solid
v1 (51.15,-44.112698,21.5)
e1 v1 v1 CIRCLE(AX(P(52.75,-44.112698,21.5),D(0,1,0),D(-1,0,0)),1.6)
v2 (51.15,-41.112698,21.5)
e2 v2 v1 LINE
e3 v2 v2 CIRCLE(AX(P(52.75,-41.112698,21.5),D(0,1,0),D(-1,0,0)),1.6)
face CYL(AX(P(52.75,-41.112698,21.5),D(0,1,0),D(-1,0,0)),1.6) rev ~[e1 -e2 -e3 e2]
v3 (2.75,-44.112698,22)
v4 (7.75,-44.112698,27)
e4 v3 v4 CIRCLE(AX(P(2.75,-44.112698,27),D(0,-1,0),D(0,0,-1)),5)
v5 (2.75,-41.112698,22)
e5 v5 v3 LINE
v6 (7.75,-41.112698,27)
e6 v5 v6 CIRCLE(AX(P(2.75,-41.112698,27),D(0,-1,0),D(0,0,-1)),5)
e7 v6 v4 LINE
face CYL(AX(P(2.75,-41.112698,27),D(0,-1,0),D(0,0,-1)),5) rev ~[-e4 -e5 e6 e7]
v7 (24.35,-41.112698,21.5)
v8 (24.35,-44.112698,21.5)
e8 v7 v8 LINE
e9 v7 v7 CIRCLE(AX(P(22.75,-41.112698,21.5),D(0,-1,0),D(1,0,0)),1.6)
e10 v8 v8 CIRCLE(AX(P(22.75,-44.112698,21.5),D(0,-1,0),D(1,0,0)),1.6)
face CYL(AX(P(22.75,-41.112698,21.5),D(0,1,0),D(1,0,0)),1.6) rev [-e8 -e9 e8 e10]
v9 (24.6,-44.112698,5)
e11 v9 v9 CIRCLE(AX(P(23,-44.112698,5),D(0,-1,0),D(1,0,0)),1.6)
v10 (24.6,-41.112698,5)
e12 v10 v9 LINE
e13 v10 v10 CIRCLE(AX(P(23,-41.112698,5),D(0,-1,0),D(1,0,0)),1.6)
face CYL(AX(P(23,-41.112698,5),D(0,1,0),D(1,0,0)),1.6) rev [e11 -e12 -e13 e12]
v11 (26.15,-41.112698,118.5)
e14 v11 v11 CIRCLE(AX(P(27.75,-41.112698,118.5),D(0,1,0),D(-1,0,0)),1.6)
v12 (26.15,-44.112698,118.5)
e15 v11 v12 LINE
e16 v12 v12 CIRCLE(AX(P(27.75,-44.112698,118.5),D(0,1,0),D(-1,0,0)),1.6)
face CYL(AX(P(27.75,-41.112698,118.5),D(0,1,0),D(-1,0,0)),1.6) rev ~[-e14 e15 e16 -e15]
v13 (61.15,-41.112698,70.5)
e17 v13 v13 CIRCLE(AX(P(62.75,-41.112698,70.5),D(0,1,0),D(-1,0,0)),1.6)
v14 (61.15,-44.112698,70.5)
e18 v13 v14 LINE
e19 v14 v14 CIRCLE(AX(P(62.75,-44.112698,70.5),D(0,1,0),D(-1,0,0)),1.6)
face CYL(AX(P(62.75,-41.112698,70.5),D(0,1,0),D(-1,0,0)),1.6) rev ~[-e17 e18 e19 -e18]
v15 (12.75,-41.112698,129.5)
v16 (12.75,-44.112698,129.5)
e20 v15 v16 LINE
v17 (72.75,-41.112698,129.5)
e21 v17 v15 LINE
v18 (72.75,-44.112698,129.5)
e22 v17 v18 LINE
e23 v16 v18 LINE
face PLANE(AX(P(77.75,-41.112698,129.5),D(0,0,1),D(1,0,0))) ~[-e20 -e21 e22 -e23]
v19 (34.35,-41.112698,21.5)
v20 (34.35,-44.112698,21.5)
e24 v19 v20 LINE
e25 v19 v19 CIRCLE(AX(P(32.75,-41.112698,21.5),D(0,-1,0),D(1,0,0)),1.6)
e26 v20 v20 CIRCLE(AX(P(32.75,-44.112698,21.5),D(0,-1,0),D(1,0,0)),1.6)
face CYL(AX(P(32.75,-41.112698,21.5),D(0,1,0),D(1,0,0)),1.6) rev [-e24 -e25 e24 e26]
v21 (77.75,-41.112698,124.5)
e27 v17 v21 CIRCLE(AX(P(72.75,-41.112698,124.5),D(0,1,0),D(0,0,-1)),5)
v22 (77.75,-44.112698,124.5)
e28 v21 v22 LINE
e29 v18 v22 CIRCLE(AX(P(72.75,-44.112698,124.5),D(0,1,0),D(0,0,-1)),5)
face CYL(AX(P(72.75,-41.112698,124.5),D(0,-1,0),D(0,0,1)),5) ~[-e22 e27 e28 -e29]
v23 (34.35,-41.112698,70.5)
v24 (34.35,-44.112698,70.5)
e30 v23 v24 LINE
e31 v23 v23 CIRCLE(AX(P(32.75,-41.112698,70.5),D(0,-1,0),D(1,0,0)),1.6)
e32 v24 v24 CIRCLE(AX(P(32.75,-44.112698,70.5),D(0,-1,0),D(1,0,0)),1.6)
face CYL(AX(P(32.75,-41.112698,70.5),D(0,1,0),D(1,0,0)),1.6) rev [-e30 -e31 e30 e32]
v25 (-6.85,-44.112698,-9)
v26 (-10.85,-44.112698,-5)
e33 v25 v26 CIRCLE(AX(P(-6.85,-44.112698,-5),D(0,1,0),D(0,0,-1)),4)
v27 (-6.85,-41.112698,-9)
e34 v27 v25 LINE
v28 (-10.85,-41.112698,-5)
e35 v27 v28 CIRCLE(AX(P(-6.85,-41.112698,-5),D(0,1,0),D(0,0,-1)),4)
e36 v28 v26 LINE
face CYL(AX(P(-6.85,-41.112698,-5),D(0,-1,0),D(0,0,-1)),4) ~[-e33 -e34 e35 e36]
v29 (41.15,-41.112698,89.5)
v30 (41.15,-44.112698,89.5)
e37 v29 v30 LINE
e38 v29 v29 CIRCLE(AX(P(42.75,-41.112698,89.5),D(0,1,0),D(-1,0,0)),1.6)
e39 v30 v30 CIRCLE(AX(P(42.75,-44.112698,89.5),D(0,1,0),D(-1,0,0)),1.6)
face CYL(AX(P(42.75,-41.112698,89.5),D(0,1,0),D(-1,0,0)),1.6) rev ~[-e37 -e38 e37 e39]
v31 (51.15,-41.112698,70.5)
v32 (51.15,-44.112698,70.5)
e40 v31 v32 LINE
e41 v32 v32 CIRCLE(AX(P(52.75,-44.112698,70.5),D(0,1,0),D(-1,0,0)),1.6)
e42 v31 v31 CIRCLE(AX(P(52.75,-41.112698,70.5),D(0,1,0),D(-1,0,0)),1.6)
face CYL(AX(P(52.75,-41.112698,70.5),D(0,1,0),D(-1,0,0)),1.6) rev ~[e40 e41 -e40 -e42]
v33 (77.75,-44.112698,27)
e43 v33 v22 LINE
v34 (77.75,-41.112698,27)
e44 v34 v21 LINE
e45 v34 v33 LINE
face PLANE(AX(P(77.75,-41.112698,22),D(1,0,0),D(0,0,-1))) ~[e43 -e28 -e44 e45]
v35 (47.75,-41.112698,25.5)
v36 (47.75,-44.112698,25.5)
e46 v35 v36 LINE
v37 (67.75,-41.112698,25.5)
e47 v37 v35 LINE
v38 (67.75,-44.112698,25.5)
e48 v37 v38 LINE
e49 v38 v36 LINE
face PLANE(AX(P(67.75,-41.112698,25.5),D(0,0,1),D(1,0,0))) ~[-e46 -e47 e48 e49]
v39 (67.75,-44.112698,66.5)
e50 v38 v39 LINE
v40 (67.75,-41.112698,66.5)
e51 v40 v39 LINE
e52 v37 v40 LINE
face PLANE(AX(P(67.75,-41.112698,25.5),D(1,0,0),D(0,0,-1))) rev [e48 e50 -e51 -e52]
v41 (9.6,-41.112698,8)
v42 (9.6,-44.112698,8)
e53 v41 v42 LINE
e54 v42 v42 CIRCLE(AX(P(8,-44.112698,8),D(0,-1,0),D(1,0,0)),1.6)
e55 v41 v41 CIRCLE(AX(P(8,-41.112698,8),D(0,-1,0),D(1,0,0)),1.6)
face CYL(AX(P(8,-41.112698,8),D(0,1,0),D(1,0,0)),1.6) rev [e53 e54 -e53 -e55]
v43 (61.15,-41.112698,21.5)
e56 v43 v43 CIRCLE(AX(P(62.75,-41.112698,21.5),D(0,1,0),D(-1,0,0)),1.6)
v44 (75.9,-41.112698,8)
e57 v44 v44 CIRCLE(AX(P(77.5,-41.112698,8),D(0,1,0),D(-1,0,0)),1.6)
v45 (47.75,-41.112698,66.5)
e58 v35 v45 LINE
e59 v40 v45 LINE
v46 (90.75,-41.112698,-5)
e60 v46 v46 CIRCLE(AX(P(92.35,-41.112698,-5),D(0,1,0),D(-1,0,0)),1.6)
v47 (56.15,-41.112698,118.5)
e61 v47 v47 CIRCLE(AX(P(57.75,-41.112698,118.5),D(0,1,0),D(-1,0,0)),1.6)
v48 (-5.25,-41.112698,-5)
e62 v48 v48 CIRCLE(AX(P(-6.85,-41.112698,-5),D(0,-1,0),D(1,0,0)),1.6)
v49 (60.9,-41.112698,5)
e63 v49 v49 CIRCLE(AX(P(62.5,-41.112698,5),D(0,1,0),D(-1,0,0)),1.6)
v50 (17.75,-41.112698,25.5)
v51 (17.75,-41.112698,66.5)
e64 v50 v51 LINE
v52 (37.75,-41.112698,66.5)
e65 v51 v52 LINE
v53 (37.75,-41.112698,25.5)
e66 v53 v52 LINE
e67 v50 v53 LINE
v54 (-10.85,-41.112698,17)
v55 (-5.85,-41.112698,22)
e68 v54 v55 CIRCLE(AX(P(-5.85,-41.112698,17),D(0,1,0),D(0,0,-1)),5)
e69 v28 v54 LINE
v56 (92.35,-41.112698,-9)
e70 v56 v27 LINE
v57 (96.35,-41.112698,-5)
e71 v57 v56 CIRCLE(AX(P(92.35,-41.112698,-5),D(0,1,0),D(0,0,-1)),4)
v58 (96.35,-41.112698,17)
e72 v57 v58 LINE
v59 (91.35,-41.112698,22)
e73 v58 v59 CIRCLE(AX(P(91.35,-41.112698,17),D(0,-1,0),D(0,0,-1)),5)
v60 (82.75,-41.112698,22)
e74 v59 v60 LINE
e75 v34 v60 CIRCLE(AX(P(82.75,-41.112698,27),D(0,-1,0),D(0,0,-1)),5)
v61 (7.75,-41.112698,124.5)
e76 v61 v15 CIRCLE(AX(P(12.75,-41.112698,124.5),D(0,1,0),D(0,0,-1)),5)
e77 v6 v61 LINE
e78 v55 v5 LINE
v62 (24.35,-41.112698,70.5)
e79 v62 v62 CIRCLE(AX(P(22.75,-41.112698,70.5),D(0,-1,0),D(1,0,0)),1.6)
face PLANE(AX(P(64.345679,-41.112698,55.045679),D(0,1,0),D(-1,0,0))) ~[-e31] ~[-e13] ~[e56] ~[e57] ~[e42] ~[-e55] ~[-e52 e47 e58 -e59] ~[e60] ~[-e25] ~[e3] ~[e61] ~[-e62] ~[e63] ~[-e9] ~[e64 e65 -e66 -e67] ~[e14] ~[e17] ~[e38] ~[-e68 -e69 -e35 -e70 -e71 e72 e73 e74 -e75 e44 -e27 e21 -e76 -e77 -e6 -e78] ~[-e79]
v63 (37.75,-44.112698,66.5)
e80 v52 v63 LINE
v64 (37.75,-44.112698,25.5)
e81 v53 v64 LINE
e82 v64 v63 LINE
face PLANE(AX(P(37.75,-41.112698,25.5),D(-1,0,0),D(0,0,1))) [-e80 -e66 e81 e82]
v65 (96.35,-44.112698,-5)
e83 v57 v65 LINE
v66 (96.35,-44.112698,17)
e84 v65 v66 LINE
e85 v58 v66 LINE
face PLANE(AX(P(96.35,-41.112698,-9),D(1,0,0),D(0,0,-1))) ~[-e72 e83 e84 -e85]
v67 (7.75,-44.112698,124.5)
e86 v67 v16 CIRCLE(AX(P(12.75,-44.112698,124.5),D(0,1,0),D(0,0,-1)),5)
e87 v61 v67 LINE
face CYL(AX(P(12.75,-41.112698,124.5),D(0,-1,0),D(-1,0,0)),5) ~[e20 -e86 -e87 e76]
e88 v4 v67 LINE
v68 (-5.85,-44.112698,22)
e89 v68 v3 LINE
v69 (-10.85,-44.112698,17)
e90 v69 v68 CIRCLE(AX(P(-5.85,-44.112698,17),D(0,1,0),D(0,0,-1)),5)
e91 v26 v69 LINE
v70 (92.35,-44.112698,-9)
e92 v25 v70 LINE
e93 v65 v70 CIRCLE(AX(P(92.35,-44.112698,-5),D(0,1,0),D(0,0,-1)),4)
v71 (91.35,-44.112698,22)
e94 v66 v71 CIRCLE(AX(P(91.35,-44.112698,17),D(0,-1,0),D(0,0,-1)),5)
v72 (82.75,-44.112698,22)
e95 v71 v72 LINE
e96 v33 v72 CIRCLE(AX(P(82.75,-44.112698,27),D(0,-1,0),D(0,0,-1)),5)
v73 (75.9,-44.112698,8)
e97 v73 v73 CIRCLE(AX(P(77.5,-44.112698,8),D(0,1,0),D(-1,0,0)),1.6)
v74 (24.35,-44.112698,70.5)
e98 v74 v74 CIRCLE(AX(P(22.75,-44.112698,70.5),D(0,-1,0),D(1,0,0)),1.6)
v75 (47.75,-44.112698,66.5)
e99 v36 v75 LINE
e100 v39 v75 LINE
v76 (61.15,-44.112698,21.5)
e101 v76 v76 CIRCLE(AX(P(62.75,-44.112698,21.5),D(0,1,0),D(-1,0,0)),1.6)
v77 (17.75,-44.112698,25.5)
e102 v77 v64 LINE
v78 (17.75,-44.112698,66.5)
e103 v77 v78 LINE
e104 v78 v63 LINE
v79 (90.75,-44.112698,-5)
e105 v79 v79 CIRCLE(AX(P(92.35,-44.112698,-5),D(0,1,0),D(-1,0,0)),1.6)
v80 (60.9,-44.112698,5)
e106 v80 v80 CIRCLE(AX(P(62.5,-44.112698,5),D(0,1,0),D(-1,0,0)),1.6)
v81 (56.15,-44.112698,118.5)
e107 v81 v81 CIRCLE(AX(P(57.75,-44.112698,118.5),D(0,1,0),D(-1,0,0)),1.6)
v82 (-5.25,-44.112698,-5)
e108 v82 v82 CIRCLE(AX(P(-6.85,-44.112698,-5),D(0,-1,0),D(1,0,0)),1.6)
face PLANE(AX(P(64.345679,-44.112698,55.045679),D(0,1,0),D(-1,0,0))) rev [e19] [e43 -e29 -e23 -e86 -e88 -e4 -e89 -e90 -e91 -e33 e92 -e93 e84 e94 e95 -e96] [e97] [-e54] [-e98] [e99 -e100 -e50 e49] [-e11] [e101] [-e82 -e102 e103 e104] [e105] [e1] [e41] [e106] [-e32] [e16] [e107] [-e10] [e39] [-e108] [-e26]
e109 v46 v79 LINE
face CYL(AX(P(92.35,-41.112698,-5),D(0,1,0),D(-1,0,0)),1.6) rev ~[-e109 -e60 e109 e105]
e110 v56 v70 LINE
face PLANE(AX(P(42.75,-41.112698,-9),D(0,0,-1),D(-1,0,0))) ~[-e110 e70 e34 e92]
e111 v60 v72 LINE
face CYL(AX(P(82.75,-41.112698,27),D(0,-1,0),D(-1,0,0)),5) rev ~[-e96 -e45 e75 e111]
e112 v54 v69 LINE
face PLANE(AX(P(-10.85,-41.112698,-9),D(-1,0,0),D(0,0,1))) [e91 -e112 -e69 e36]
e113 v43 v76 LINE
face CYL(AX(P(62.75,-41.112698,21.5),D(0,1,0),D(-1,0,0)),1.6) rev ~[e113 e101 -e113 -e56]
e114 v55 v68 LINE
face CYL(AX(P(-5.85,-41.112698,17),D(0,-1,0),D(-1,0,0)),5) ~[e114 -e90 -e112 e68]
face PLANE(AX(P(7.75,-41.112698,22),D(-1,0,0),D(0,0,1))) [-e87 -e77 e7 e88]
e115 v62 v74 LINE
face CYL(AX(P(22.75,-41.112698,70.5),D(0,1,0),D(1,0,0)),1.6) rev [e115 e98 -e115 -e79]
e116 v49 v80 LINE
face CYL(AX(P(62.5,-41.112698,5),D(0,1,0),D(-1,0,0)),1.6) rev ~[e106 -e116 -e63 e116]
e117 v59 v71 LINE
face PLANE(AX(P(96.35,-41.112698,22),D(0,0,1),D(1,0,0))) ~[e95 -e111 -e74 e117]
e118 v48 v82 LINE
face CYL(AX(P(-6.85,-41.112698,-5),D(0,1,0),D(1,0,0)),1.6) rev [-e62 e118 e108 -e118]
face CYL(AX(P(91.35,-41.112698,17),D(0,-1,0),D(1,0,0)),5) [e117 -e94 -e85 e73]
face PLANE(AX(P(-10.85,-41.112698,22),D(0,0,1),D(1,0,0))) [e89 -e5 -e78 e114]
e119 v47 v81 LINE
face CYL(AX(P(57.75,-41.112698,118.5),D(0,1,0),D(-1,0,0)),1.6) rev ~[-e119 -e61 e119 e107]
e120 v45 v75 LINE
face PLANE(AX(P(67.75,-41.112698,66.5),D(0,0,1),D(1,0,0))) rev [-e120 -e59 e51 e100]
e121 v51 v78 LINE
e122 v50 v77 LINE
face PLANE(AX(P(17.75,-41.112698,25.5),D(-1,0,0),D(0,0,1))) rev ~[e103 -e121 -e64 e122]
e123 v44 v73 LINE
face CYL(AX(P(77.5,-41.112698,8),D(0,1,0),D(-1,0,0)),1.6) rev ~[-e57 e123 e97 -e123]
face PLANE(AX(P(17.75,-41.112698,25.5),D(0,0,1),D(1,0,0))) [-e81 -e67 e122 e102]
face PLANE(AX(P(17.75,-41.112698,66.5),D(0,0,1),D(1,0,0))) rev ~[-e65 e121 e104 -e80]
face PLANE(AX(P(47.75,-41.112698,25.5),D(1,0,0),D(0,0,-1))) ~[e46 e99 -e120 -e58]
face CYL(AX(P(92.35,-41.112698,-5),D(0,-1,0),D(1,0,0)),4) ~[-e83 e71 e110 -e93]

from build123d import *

# Parameters (mm, degrees)
SKETCH013_R     = 1.6
SKETCH013_W     = 20
SKETCH013_H     = 41
PAD005_DEPTH    = 3
FILLET009_R     = 4
FILLET010_R     = 5
SKETCH019_R     = 1.6
POCKET011_DEPTH = 3.001


with BuildPart() as part:
    # Sketch013 (on DatumPlane) → Pad005 (new body)
    with BuildSketch(Plane.XZ.offset(41.112698)):
        Polygon((42.75, 129.5), (42.75, -9), (-10.85, -9), (-10.85, 22), (7.75, 22), (7.75, 129.5), align=None)
        with Locations((22.75, 21.5)):
            Circle(SKETCH013_R, mode=Mode.SUBTRACT)
        with Locations((32.75, 21.5)):
            Circle(SKETCH013_R, mode=Mode.SUBTRACT)
        with Locations((8, 8)):
            Circle(SKETCH013_R, mode=Mode.SUBTRACT)
        with Locations((-6.85, -5)):
            Circle(SKETCH013_R, mode=Mode.SUBTRACT)
        with Locations((23, 5)):
            Circle(SKETCH013_R, mode=Mode.SUBTRACT)
        with Locations((22.75, 70.5)):
            Circle(SKETCH013_R, mode=Mode.SUBTRACT)
        with Locations((32.75, 70.5)):
            Circle(SKETCH013_R, mode=Mode.SUBTRACT)
        with Locations((27.75, 46)):
            Rectangle(SKETCH013_W, SKETCH013_H, mode=Mode.SUBTRACT)
    pad005 = extrude(amount=PAD005_DEPTH)

    # Mirrored: Pad005 across face of Pad005
    add(pad005.mirror(Plane(origin=(42.75, -42.612698, 60.25), x_dir=(0, 1, 0), z_dir=(1, 0, 0))))

    # Fillet009
    fillet009_edges = [part.edges().sort_by_distance(p)[0] for p in [
        (96.35, -42.612698, -9),
        (-10.85, -42.612698, -9),
    ]]
    fillet(fillet009_edges, radius=FILLET009_R)

    # Fillet010
    fillet010_edges = [part.edges().sort_by_distance(p)[0] for p in [
        (77.75, -42.612698, 22),
        (96.35, -42.612698, 22),
        (-10.85, -42.612698, 22),
        (7.75, -42.612698, 22),
        (7.75, -42.612698, 129.5),
        (77.75, -42.612698, 129.5),
    ]]
    fillet(fillet010_edges, radius=FILLET010_R)

    # Sketch019 (on Face2 of Fillet010) → Pocket011 (cut, through all)
    with BuildSketch(Plane(origin=(0, -41.112698, 0), x_dir=(-1, 0, 0), z_dir=(0, 1, 0))):
        with Locations((-42.75, 89.5)):
            Circle(SKETCH019_R)
        with Locations((-57.75, 118.5)):
            Circle(SKETCH019_R)
        with Locations((-27.75, 118.5)):
            Circle(SKETCH019_R)
    extrude(amount=-POCKET011_DEPTH, mode=Mode.SUBTRACT)


solid = part.part
